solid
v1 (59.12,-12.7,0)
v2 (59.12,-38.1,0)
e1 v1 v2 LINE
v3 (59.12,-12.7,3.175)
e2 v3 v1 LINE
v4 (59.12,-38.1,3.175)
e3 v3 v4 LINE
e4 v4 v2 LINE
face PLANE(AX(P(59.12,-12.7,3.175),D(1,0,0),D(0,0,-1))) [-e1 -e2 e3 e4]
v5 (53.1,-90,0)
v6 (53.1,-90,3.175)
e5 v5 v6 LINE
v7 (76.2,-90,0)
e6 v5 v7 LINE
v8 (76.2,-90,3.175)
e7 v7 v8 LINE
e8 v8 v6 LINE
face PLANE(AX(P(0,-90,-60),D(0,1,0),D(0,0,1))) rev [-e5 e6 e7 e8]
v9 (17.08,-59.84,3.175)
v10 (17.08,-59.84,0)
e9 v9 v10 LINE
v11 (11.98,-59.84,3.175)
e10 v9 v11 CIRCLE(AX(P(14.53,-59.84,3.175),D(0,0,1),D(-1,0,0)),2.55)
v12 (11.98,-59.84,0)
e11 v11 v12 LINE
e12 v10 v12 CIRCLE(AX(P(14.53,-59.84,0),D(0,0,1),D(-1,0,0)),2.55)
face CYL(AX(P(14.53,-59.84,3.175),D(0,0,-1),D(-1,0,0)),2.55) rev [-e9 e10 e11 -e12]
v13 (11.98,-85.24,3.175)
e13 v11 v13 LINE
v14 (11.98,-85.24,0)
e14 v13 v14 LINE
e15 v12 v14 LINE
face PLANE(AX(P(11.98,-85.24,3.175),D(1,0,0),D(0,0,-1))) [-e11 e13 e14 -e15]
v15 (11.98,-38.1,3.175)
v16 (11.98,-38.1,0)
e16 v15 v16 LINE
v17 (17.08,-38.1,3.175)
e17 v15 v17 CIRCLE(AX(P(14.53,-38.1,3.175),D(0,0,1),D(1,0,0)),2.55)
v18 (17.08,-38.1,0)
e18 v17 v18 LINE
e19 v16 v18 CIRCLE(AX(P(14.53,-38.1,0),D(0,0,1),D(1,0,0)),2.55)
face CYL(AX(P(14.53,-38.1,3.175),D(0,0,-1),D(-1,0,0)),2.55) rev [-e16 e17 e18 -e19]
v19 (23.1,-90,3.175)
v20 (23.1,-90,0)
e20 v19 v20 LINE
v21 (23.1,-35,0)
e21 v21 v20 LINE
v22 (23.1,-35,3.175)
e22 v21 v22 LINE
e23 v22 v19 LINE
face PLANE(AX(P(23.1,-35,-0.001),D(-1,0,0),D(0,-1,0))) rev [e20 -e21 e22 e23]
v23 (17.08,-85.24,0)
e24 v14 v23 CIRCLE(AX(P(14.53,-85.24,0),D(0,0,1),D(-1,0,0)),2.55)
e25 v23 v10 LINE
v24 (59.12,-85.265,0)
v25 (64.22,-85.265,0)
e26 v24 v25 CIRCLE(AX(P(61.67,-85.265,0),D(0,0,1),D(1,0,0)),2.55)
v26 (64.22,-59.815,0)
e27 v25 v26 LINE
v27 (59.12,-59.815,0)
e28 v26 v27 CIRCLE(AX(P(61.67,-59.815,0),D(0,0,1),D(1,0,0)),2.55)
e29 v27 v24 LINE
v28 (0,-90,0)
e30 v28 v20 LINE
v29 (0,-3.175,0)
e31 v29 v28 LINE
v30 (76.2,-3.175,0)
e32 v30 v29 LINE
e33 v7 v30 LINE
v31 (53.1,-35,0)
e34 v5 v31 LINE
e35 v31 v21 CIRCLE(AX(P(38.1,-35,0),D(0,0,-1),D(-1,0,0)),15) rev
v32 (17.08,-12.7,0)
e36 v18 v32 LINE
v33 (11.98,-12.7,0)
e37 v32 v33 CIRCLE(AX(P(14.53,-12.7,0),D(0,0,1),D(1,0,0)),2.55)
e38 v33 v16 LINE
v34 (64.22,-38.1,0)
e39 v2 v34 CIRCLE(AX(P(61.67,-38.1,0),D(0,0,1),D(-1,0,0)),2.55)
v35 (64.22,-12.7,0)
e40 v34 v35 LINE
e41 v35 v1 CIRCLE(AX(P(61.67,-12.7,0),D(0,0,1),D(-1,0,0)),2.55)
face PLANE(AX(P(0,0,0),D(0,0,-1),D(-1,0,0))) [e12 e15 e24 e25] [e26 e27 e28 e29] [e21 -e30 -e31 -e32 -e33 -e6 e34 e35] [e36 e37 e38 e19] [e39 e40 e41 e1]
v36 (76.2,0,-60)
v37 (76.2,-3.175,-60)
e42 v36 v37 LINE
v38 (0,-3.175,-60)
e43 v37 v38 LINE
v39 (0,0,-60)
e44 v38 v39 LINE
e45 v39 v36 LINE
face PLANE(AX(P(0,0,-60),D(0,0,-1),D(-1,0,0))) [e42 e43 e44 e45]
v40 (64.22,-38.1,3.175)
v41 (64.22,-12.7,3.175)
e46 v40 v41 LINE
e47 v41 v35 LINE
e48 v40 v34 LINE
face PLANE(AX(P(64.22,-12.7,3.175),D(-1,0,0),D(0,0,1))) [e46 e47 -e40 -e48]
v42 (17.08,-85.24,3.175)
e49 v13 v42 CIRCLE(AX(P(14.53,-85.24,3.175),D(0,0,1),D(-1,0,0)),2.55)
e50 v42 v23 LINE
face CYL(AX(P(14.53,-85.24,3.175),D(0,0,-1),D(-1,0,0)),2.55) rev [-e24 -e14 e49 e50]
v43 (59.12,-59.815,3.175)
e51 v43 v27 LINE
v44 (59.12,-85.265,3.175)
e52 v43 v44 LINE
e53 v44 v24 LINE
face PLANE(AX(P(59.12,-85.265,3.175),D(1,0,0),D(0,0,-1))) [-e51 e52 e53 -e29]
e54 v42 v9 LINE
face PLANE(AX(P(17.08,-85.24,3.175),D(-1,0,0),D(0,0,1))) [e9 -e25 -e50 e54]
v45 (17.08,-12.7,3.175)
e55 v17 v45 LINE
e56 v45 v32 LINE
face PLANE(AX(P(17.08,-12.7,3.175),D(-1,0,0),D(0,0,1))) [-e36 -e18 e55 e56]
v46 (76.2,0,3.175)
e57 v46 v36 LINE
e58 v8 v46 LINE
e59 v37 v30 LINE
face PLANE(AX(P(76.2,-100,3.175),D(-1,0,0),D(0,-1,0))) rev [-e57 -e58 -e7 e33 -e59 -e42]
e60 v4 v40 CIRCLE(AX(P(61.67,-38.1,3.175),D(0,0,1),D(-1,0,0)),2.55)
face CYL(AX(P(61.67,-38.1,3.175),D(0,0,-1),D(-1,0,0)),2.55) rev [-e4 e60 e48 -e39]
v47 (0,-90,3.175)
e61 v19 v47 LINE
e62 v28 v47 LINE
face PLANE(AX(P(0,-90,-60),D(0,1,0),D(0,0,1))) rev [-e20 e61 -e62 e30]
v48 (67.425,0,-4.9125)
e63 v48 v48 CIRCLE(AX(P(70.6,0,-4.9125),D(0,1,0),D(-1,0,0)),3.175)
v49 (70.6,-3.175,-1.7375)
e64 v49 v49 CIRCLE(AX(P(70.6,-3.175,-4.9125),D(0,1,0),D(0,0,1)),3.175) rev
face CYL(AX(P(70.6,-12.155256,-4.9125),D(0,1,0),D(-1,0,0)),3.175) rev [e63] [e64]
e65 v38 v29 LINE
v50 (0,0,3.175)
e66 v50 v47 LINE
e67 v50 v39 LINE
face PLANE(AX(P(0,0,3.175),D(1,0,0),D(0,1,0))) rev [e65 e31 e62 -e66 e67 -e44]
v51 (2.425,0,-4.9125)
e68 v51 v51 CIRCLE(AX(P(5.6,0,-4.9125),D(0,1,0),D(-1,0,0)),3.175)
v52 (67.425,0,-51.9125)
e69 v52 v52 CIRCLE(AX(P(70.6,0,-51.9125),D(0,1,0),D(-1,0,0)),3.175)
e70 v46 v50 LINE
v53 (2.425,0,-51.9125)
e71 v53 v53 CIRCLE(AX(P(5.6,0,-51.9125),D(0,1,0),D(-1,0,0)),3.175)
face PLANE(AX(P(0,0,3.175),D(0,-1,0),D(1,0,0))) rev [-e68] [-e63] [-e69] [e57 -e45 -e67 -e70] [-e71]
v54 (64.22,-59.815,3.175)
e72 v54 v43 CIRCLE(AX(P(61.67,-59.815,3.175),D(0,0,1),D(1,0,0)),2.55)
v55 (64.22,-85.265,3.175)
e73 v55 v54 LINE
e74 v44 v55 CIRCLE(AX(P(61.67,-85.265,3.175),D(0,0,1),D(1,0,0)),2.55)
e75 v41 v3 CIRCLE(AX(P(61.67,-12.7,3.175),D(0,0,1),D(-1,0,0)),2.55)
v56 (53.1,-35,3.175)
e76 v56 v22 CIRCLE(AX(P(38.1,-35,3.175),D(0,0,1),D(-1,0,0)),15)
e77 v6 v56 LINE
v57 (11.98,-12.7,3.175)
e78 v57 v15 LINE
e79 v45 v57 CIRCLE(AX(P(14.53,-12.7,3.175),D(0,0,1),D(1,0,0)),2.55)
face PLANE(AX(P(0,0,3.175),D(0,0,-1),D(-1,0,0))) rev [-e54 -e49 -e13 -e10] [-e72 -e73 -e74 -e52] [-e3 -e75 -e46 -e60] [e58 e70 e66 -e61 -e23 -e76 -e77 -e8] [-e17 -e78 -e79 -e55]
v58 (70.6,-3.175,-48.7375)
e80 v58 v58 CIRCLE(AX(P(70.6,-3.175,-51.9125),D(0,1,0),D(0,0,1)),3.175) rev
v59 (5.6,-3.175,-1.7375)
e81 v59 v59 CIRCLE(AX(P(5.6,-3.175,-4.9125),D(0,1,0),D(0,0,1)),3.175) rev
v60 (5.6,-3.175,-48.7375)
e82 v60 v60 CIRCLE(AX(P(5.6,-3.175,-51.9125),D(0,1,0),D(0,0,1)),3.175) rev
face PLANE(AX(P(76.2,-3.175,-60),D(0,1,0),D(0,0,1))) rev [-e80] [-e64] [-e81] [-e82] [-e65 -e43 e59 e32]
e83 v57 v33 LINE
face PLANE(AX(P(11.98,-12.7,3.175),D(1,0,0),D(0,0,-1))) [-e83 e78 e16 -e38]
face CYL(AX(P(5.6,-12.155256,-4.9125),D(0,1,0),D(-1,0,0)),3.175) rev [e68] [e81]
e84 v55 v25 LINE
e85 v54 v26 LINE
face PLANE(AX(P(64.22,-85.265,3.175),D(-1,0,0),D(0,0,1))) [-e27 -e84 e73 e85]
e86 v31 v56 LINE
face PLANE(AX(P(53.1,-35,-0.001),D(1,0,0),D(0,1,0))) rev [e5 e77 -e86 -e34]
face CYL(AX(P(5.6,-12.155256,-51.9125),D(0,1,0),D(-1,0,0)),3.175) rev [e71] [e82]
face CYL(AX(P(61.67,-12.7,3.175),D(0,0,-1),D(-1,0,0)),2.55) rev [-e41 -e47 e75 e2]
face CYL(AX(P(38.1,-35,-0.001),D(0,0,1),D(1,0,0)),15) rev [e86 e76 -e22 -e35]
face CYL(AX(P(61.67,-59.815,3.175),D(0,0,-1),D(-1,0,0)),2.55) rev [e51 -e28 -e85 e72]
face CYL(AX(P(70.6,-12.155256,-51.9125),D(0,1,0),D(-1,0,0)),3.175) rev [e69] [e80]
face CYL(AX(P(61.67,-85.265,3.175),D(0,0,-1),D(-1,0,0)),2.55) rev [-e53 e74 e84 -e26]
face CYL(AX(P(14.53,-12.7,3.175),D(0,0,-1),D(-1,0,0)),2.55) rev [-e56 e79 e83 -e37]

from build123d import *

# Parameters (mm, degrees)
SKETCH1_W           = 76.2
SKETCH1_H           = 100
BOSS_EXTRUDE1_DEPTH = 3.175
CUT_EXTRUDE2_REACH  = 5.175
SKETCH4_W           = 76.2
SKETCH4_H           = 3.175
BOSS_EXTRUDE2_DEPTH = 60
SKETCH5_R           = 3.175
CUT_EXTRUDE3_DEPTH  = 3.175
SKETCH6_W           = 76.2
SKETCH6_H           = 10
CUT_EXTRUDE4_DEPTH  = 64.175


with BuildPart() as part:
    # Sketch1 → Boss-Extrude1 (new body)
    with BuildSketch(Plane.XY):
        with Locations((38.1, -50)):
            Rectangle(SKETCH1_W, SKETCH1_H)
        with BuildLine():
            Line((17.08, -12.7), (17.08, -38.1))
            ThreePointArc((17.08, -38.1), (14.53, -40.65), (11.98, -38.1))
            Line((11.98, -38.1), (11.98, -12.7))
            ThreePointArc((11.98, -12.7), (14.53, -10.15), (17.08, -12.7))
        make_face(mode=Mode.SUBTRACT)
        with BuildLine():
            Line((59.12, -12.7), (59.12, -38.1))
            ThreePointArc((59.12, -38.1), (61.67, -40.65), (64.22, -38.1))
            Line((64.22, -38.1), (64.22, -12.7))
            ThreePointArc((64.22, -12.7), (61.67, -10.15), (59.12, -12.7))
        make_face(mode=Mode.SUBTRACT)
        with BuildLine():
            Line((17.08, -85.24), (17.08, -59.84))
            ThreePointArc((17.08, -59.84), (14.53, -57.29), (11.98, -59.84))
            Line((11.98, -59.84), (11.98, -85.24))
            ThreePointArc((11.98, -85.24), (14.53, -87.79), (17.08, -85.24))
        make_face(mode=Mode.SUBTRACT)
        with BuildLine():
            Line((59.12, -85.265), (59.12, -59.815))
            ThreePointArc((59.12, -59.815), (61.67, -57.265), (64.22, -59.815))
            Line((64.22, -59.815), (64.22, -85.265))
            ThreePointArc((64.22, -85.265), (61.67, -87.815), (59.12, -85.265))
        make_face(mode=Mode.SUBTRACT)
    extrude(amount=BOSS_EXTRUDE1_DEPTH)

    # Sketch2 → Cut-Extrude2 (cut, up to next)
    with BuildSketch(Plane.XY.offset(3.175), mode=Mode.PRIVATE) as cut_extrude2_sk1:
        with BuildLine():
            Line((23.1, -35), (23.1, -100))
            Line((23.1, -100), (53.1, -100))
            Line((53.1, -100), (53.1, -35))
            ThreePointArc((53.1, -35), (38.1, -20), (23.1, -35))
        make_face()
    cut_extrude2_tool1 = extrude(cut_extrude2_sk1.sketch, amount=-CUT_EXTRUDE2_REACH, mode=Mode.PRIVATE) & part.part
    add(cut_extrude2_tool1.solids().sort_by_distance((38.1, -61.536522, 3.175))[0], mode=Mode.SUBTRACT)

    # Sketch4 → Boss-Extrude2 (add)
    with BuildSketch(Plane(origin=(0, 0, 0), x_dir=(-1, 0, 0), z_dir=(0, 0, -1))):
        with Locations((-38.1, -1.5875)):
            Rectangle(SKETCH4_W, SKETCH4_H)
    extrude(amount=BOSS_EXTRUDE2_DEPTH)

    # Sketch5 → Cut-Extrude3 (cut)
    with BuildSketch(Plane(origin=(0, 0, 0), x_dir=(1, 0, 0), z_dir=(0, 1, 0))):
        with Locations((5.6, 51.9125)):
            Circle(SKETCH5_R)
        with Locations((5.6, 4.9125)):
            Circle(SKETCH5_R)
        with Locations((70.6, 51.9125)):
            Circle(SKETCH5_R)
        with Locations((70.6, 4.9125)):
            Circle(SKETCH5_R)
    extrude(amount=-CUT_EXTRUDE3_DEPTH, mode=Mode.SUBTRACT)

    # Sketch6 → Cut-Extrude4 (cut, through all)
    with BuildSketch(Plane.XY.offset(3.175)):
        with Locations((38.1, -95)):
            Rectangle(SKETCH6_W, SKETCH6_H)
    extrude(amount=-CUT_EXTRUDE4_DEPTH, mode=Mode.SUBTRACT)


solid = part.part
